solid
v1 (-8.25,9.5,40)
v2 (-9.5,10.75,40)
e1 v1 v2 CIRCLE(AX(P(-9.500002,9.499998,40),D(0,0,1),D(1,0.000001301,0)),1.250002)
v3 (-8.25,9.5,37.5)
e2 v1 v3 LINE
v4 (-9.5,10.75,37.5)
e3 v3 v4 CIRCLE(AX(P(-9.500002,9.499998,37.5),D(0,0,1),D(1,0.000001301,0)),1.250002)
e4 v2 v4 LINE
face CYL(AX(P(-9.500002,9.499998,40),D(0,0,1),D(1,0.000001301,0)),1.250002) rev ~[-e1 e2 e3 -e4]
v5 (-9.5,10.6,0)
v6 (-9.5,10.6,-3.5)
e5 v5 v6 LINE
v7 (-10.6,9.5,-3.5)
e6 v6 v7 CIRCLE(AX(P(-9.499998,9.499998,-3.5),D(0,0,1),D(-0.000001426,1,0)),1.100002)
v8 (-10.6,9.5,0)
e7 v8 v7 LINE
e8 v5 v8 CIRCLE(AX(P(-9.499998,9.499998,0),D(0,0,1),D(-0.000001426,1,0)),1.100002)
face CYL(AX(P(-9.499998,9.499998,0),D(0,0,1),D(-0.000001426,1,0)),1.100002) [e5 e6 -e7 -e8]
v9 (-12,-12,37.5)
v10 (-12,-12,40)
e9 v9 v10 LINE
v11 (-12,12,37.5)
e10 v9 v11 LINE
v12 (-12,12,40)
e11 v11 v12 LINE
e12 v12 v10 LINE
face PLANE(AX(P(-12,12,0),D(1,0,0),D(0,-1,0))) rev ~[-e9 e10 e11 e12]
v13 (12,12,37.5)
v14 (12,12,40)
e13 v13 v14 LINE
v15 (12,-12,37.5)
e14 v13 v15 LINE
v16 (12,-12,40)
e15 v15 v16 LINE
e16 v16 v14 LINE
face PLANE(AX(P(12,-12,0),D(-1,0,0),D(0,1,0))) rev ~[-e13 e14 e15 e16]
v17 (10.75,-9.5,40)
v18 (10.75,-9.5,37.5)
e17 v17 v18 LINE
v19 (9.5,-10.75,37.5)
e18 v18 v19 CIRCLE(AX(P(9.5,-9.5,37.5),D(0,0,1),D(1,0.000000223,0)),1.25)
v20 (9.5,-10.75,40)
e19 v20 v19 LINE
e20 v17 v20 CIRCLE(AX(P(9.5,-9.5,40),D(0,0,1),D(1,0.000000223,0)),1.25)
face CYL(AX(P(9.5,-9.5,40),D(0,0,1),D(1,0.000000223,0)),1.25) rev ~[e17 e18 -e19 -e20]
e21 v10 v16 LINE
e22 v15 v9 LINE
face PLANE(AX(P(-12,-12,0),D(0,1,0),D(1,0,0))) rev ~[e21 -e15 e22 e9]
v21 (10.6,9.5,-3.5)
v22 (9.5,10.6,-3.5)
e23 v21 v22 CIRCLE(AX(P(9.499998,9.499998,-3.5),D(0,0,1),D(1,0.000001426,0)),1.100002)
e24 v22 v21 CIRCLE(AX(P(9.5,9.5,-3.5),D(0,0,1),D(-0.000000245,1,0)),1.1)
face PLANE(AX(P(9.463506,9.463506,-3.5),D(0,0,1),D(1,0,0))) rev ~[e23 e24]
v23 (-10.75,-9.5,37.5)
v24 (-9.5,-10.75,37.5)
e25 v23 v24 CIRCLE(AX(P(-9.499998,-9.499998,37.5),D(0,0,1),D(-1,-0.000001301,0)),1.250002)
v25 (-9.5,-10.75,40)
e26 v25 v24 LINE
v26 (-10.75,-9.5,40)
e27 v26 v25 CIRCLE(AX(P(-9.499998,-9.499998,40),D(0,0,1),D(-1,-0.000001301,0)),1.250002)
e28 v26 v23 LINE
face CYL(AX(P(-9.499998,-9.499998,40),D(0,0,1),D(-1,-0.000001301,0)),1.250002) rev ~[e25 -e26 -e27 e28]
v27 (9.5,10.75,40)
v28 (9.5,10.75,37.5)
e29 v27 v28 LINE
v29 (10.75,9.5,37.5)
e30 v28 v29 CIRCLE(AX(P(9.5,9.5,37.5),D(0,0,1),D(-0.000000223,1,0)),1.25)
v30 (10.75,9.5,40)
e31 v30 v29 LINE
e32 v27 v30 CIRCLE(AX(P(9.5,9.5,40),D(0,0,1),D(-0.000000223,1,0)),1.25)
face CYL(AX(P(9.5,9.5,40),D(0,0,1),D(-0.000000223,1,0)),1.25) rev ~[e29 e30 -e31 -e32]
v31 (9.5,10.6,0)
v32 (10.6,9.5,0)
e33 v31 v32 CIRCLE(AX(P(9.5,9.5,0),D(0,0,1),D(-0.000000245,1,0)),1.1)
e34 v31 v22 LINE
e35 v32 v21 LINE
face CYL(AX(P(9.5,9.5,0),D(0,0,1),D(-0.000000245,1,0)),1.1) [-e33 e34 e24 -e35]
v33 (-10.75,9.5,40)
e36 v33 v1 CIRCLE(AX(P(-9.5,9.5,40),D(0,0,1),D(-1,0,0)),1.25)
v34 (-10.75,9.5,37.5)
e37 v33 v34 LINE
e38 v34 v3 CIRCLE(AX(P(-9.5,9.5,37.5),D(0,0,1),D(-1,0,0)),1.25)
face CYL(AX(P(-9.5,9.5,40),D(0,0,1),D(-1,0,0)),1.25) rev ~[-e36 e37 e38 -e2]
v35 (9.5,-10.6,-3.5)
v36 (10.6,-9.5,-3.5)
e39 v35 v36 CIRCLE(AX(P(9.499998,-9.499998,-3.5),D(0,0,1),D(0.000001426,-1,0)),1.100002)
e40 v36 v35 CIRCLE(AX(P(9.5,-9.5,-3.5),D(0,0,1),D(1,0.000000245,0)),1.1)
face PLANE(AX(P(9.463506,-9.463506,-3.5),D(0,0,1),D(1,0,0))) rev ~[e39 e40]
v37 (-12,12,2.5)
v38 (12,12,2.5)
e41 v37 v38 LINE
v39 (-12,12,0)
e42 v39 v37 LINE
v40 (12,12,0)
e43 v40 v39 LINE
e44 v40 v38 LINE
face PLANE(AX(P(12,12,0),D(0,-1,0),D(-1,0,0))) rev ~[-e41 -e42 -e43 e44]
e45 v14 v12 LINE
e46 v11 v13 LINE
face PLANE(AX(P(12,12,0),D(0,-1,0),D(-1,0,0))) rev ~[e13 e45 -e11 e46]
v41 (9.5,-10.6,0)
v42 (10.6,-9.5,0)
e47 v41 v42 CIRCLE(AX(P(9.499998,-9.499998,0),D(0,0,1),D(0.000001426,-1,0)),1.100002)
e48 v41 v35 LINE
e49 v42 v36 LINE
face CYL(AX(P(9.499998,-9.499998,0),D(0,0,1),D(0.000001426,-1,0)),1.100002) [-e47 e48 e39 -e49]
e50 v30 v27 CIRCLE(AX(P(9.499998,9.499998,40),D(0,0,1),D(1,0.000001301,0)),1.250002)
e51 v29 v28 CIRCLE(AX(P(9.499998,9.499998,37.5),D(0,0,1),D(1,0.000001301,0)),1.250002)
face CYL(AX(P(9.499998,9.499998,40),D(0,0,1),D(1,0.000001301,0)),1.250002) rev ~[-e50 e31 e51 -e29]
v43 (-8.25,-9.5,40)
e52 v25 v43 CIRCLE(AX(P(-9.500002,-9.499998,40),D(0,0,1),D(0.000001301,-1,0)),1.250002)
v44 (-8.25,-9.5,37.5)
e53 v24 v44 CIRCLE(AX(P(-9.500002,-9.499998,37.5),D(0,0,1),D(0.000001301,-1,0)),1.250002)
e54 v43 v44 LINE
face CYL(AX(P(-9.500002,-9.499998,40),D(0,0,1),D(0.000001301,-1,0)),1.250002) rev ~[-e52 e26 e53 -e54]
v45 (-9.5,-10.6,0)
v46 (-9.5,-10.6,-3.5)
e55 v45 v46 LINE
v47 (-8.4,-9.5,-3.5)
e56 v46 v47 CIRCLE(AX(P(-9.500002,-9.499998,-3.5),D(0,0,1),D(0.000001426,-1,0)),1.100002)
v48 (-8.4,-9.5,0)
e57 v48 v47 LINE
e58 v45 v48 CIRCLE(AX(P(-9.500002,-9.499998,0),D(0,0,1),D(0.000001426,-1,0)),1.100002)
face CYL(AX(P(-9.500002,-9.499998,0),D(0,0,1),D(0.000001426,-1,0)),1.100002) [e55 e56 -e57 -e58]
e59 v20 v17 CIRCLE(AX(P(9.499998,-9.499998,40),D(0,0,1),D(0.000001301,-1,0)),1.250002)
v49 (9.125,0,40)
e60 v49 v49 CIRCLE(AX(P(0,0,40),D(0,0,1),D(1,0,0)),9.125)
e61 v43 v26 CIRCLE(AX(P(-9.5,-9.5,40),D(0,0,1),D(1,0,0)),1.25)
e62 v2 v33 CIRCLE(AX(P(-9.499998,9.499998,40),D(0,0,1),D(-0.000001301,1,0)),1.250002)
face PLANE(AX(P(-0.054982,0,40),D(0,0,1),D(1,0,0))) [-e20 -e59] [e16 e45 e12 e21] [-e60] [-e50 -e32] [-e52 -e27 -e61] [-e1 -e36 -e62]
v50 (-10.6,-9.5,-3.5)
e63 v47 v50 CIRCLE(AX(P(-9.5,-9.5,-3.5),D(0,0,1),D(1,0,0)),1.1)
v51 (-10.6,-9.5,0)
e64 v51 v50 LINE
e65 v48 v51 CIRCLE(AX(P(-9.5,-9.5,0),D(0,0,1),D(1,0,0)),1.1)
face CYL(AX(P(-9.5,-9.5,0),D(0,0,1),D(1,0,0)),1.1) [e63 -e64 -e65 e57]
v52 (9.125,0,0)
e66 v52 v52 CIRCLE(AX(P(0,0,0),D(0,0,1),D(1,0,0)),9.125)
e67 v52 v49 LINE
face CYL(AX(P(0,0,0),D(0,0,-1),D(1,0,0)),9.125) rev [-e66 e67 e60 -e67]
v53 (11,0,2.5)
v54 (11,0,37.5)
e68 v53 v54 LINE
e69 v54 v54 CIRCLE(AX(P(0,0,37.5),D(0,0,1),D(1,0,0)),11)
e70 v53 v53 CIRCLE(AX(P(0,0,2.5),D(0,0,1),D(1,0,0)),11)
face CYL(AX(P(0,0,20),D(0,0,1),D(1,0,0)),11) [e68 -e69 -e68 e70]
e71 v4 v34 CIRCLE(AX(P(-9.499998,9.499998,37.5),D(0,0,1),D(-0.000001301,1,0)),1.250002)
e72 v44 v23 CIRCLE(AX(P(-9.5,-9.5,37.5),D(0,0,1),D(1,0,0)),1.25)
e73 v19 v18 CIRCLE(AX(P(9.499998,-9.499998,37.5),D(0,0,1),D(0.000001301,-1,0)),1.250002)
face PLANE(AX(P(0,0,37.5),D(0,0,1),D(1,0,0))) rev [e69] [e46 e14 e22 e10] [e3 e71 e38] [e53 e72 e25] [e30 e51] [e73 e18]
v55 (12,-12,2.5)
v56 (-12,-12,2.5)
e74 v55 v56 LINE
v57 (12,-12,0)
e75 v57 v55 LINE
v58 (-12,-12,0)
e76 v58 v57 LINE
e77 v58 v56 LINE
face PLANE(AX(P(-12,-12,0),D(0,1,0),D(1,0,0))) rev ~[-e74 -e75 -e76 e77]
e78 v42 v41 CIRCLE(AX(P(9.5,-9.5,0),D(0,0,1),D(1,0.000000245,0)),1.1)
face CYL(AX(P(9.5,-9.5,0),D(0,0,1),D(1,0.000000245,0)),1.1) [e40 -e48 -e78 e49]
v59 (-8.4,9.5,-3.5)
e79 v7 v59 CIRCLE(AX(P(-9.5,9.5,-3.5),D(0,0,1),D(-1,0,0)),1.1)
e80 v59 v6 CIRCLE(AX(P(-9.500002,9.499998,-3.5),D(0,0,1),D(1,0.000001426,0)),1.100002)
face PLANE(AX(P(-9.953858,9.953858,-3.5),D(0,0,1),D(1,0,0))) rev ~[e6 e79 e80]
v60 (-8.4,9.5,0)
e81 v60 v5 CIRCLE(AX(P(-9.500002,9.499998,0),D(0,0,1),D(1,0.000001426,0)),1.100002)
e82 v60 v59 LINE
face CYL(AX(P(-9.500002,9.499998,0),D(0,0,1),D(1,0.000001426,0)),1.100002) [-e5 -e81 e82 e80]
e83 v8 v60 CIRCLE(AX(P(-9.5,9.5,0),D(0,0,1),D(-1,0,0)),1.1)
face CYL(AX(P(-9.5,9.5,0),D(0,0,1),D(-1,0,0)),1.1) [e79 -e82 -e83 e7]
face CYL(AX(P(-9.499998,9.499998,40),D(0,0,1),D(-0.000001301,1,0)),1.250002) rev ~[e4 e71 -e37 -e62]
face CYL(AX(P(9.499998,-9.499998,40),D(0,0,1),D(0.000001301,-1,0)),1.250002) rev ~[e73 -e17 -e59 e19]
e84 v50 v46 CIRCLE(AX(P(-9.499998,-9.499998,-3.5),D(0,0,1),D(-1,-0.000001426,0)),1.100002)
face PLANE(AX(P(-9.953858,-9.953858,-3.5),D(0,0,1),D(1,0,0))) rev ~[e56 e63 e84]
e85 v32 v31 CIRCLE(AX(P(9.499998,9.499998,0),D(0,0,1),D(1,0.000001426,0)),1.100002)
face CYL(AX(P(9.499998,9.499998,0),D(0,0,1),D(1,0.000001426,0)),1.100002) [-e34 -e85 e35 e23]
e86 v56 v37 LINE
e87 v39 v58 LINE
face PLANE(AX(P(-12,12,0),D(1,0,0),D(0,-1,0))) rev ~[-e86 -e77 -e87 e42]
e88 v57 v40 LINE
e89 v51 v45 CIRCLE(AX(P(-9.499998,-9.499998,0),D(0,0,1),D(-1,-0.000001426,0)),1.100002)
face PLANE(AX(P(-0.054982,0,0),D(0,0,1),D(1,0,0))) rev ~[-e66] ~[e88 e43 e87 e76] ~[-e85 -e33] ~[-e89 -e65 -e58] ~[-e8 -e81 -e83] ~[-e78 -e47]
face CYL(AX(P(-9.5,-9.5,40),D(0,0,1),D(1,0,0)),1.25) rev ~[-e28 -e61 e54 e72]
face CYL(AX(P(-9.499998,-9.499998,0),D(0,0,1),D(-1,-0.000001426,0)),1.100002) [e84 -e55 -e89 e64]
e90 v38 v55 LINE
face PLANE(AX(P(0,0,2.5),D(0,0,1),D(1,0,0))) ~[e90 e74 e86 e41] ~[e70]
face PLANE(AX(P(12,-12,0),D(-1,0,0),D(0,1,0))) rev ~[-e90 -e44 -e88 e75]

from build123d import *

# Parameters (mm, degrees)
F0_R     = 10.5
F0_R_2   = 9.125
F1_DEPTH = 40
F2_W     = 6
F2_H     = 35
F4_DEPTH = 3.5
F6_DEPTH = 25


with BuildPart() as f1:
    # F0 (on Top) → F1 (new body)
    with BuildSketch(Plane.XY):
        with BuildLine():
            Line((9.5, 10.6), (9.5, 12))
            Line((9.5, 12), (-9.5, 12))
            Line((-9.5, 12), (-9.5, 10.6))
            ThreePointArc((-9.5, 10.6), (-8.722183, 10.277817), (-8.4, 9.5))
            ThreePointArc((-8.4, 9.5), (-9.5, 8.4), (-10.6, 9.5))
            Line((-10.6, 9.5), (-12, 9.5))
            Line((-12, 9.5), (-12, -9.5))
            Line((-12, -9.5), (-10.6, -9.5))
            ThreePointArc((-10.6, -9.5), (-9.5, -8.4), (-8.4, -9.5))
            ThreePointArc((-8.4, -9.5), (-8.722183, -10.277817), (-9.5, -10.6))
            Line((-9.5, -10.6), (-9.5, -12))
            Line((-9.5, -12), (9.5, -12))
            Line((9.5, -12), (9.5, -10.6))
            ThreePointArc((9.5, -10.6), (8.722183, -8.722183), (10.6, -9.5))
            Line((10.6, -9.5), (12, -9.5))
            Line((12, -9.5), (12, 9.5))
            Line((12, 9.5), (10.6, 9.5))
            ThreePointArc((10.6, 9.5), (8.722183, 8.722183), (9.5, 10.6))
        make_face()
        Circle(F0_R, mode=Mode.SUBTRACT)
        Circle(F0_R)
        Circle(F0_R_2, mode=Mode.SUBTRACT)
        with BuildLine():
            Line((12, -12), (12, -9.5))
            Line((12, -9.5), (10.6, -9.5))
            ThreePointArc((10.6, -9.5), (10.277817, -10.277817), (9.5, -10.6))
            Line((9.5, -10.6), (9.5, -12))
            Line((9.5, -12), (12, -12))
        make_face()
        with BuildLine():
            Line((-10.6, -9.5), (-12, -9.5))
            Line((-12, -9.5), (-12, -12))
            Line((-12, -12), (-9.5, -12))
            Line((-9.5, -12), (-9.5, -10.6))
            ThreePointArc((-9.5, -10.6), (-10.277817, -10.277817), (-10.6, -9.5))
        make_face()
        with BuildLine():
            Line((-9.5, 10.6), (-9.5, 12))
            Line((-9.5, 12), (-12, 12))
            Line((-12, 12), (-12, 9.5))
            Line((-12, 9.5), (-10.6, 9.5))
            ThreePointArc((-10.6, 9.5), (-10.277817, 10.277817), (-9.5, 10.6))
        make_face()
        with BuildLine():
            Line((12, 9.5), (12, 12))
            Line((12, 12), (9.5, 12))
            Line((9.5, 12), (9.5, 10.6))
            ThreePointArc((9.5, 10.6), (10.277817, 10.277817), (10.6, 9.5))
            Line((10.6, 9.5), (12, 9.5))
        make_face()
        with BuildLine():
            Line((9.5, 9.5), (9.5, 10.6))
            ThreePointArc((9.5, 10.6), (8.722183, 8.722183), (10.6, 9.5))
            Line((10.6, 9.5), (9.5, 9.5))
        make_face()
        with BuildLine():
            ThreePointArc((10.6, 9.5), (10.277817, 10.277817), (9.5, 10.6))
            Line((9.5, 10.6), (9.5, 9.5))
            Line((9.5, 9.5), (10.6, 9.5))
        make_face()
        with BuildLine():
            Line((9.5, -9.5), (10.6, -9.5))
            ThreePointArc((10.6, -9.5), (8.722183, -8.722183), (9.5, -10.6))
            Line((9.5, -10.6), (9.5, -9.5))
        make_face()
        with BuildLine():
            ThreePointArc((9.5, -10.6), (10.277817, -10.277817), (10.6, -9.5))
            Line((10.6, -9.5), (9.5, -9.5))
            Line((9.5, -9.5), (9.5, -10.6))
        make_face()
        with BuildLine():
            Line((-9.5, -9.5), (-10.6, -9.5))
            ThreePointArc((-10.6, -9.5), (-10.277817, -10.277817), (-9.5, -10.6))
            Line((-9.5, -10.6), (-9.5, -9.5))
        make_face()
        with BuildLine():
            ThreePointArc((-8.4, -9.5), (-9.5, -8.4), (-10.6, -9.5))
            Line((-10.6, -9.5), (-9.5, -9.5))
            Line((-9.5, -9.5), (-9.5, -10.6))
            ThreePointArc((-9.5, -10.6), (-8.722183, -10.277817), (-8.4, -9.5))
        make_face()
        with BuildLine():
            ThreePointArc((-8.4, 9.5), (-8.722183, 10.277817), (-9.5, 10.6))
            Line((-9.5, 10.6), (-9.5, 9.5))
            Line((-9.5, 9.5), (-10.6, 9.5))
            ThreePointArc((-10.6, 9.5), (-9.5, 8.4), (-8.4, 9.5))
        make_face()
        with BuildLine():
            Line((-9.5, 9.5), (-9.5, 10.6))
            ThreePointArc((-9.5, 10.6), (-10.277817, 10.277817), (-10.6, 9.5))
            Line((-10.6, 9.5), (-9.5, 9.5))
        make_face()
    extrude(amount=F1_DEPTH)

    # F2 (on Front) → F3 (revolve, cut)
    with BuildSketch(Plane.XZ):
        with Locations((14, 20)):
            Rectangle(F2_W, F2_H)
    revolve(axis=Axis((0, 0, 16.744209), (0, 0, 1)), mode=Mode.SUBTRACT)

    # F0 (on Top) → F4 (join)
    with BuildSketch(Plane.XY):
        with BuildLine():
            Line((-9.5, 9.5), (-9.5, 10.6))
            ThreePointArc((-9.5, 10.6), (-10.277817, 10.277817), (-10.6, 9.5))
            Line((-10.6, 9.5), (-9.5, 9.5))
        make_face()
        with BuildLine():
            ThreePointArc((-8.4, 9.5), (-8.722183, 10.277817), (-9.5, 10.6))
            Line((-9.5, 10.6), (-9.5, 9.5))
            Line((-9.5, 9.5), (-10.6, 9.5))
            ThreePointArc((-10.6, 9.5), (-9.5, 8.4), (-8.4, 9.5))
        make_face()
        with BuildLine():
            Line((-9.5, -9.5), (-10.6, -9.5))
            ThreePointArc((-10.6, -9.5), (-10.277817, -10.277817), (-9.5, -10.6))
            Line((-9.5, -10.6), (-9.5, -9.5))
        make_face()
        with BuildLine():
            ThreePointArc((-8.4, -9.5), (-9.5, -8.4), (-10.6, -9.5))
            Line((-10.6, -9.5), (-9.5, -9.5))
            Line((-9.5, -9.5), (-9.5, -10.6))
            ThreePointArc((-9.5, -10.6), (-8.722183, -10.277817), (-8.4, -9.5))
        make_face()
        with BuildLine():
            Line((9.5, -9.5), (10.6, -9.5))
            ThreePointArc((10.6, -9.5), (8.722183, -8.722183), (9.5, -10.6))
            Line((9.5, -10.6), (9.5, -9.5))
        make_face()
        with BuildLine():
            ThreePointArc((9.5, -10.6), (10.277817, -10.277817), (10.6, -9.5))
            Line((10.6, -9.5), (9.5, -9.5))
            Line((9.5, -9.5), (9.5, -10.6))
        make_face()
        with BuildLine():
            Line((9.5, 9.5), (9.5, 10.6))
            ThreePointArc((9.5, 10.6), (8.722183, 8.722183), (10.6, 9.5))
            Line((10.6, 9.5), (9.5, 9.5))
        make_face()
        with BuildLine():
            ThreePointArc((10.6, 9.5), (10.277817, 10.277817), (9.5, 10.6))
            Line((9.5, 10.6), (9.5, 9.5))
            Line((9.5, 9.5), (10.6, 9.5))
        make_face()
    extrude(amount=-F4_DEPTH)

    # F5 (on face) → F6 (cut)
    with BuildSketch(Plane.XY.offset(40)):
        with BuildLine():
            Line((9.5, -9.5), (10.75, -9.5))
            ThreePointArc((10.75, -9.5), (8.616117, -8.616117), (9.5, -10.75))
            Line((9.5, -10.75), (9.5, -9.5))
        make_face()
        with BuildLine():
            ThreePointArc((9.5, -10.75), (10.383883, -10.383883), (10.75, -9.5))
            Line((10.75, -9.5), (9.5, -9.5))
            Line((9.5, -9.5), (9.5, -10.75))
        make_face()
        with BuildLine():
            Line((-9.5, 9.5), (-9.5, 10.75))
            ThreePointArc((-9.5, 10.75), (-10.383883, 10.383883), (-10.75, 9.5))
            Line((-10.75, 9.5), (-9.5, 9.5))
        make_face()
        with BuildLine():
            ThreePointArc((-8.25, -9.5), (-9.5, -8.25), (-10.75, -9.5))
            Line((-10.75, -9.5), (-9.5, -9.5))
            Line((-9.5, -9.5), (-9.5, -10.75))
            ThreePointArc((-9.5, -10.75), (-8.616117, -10.383883), (-8.25, -9.5))
        make_face()
        with BuildLine():
            Line((-9.5, -9.5), (-10.75, -9.5))
            ThreePointArc((-10.75, -9.5), (-10.383883, -10.383883), (-9.5, -10.75))
            Line((-9.5, -10.75), (-9.5, -9.5))
        make_face()
        with BuildLine():
            ThreePointArc((-8.25, 9.5), (-8.616117, 10.383883), (-9.5, 10.75))
            Line((-9.5, 10.75), (-9.5, 9.5))
            Line((-9.5, 9.5), (-10.75, 9.5))
            ThreePointArc((-10.75, 9.5), (-9.5, 8.25), (-8.25, 9.5))
        make_face()
        with BuildLine():
            Line((9.5, 9.5), (9.5, 10.75))
            ThreePointArc((9.5, 10.75), (8.616117, 8.616117), (10.75, 9.5))
            Line((10.75, 9.5), (9.5, 9.5))
        make_face()
        with BuildLine():
            ThreePointArc((10.75, 9.5), (10.383883, 10.383883), (9.5, 10.75))
            Line((9.5, 10.75), (9.5, 9.5))
            Line((9.5, 9.5), (10.75, 9.5))
        make_face()
    extrude(amount=-F6_DEPTH, mode=Mode.SUBTRACT)


solid = f1.part
